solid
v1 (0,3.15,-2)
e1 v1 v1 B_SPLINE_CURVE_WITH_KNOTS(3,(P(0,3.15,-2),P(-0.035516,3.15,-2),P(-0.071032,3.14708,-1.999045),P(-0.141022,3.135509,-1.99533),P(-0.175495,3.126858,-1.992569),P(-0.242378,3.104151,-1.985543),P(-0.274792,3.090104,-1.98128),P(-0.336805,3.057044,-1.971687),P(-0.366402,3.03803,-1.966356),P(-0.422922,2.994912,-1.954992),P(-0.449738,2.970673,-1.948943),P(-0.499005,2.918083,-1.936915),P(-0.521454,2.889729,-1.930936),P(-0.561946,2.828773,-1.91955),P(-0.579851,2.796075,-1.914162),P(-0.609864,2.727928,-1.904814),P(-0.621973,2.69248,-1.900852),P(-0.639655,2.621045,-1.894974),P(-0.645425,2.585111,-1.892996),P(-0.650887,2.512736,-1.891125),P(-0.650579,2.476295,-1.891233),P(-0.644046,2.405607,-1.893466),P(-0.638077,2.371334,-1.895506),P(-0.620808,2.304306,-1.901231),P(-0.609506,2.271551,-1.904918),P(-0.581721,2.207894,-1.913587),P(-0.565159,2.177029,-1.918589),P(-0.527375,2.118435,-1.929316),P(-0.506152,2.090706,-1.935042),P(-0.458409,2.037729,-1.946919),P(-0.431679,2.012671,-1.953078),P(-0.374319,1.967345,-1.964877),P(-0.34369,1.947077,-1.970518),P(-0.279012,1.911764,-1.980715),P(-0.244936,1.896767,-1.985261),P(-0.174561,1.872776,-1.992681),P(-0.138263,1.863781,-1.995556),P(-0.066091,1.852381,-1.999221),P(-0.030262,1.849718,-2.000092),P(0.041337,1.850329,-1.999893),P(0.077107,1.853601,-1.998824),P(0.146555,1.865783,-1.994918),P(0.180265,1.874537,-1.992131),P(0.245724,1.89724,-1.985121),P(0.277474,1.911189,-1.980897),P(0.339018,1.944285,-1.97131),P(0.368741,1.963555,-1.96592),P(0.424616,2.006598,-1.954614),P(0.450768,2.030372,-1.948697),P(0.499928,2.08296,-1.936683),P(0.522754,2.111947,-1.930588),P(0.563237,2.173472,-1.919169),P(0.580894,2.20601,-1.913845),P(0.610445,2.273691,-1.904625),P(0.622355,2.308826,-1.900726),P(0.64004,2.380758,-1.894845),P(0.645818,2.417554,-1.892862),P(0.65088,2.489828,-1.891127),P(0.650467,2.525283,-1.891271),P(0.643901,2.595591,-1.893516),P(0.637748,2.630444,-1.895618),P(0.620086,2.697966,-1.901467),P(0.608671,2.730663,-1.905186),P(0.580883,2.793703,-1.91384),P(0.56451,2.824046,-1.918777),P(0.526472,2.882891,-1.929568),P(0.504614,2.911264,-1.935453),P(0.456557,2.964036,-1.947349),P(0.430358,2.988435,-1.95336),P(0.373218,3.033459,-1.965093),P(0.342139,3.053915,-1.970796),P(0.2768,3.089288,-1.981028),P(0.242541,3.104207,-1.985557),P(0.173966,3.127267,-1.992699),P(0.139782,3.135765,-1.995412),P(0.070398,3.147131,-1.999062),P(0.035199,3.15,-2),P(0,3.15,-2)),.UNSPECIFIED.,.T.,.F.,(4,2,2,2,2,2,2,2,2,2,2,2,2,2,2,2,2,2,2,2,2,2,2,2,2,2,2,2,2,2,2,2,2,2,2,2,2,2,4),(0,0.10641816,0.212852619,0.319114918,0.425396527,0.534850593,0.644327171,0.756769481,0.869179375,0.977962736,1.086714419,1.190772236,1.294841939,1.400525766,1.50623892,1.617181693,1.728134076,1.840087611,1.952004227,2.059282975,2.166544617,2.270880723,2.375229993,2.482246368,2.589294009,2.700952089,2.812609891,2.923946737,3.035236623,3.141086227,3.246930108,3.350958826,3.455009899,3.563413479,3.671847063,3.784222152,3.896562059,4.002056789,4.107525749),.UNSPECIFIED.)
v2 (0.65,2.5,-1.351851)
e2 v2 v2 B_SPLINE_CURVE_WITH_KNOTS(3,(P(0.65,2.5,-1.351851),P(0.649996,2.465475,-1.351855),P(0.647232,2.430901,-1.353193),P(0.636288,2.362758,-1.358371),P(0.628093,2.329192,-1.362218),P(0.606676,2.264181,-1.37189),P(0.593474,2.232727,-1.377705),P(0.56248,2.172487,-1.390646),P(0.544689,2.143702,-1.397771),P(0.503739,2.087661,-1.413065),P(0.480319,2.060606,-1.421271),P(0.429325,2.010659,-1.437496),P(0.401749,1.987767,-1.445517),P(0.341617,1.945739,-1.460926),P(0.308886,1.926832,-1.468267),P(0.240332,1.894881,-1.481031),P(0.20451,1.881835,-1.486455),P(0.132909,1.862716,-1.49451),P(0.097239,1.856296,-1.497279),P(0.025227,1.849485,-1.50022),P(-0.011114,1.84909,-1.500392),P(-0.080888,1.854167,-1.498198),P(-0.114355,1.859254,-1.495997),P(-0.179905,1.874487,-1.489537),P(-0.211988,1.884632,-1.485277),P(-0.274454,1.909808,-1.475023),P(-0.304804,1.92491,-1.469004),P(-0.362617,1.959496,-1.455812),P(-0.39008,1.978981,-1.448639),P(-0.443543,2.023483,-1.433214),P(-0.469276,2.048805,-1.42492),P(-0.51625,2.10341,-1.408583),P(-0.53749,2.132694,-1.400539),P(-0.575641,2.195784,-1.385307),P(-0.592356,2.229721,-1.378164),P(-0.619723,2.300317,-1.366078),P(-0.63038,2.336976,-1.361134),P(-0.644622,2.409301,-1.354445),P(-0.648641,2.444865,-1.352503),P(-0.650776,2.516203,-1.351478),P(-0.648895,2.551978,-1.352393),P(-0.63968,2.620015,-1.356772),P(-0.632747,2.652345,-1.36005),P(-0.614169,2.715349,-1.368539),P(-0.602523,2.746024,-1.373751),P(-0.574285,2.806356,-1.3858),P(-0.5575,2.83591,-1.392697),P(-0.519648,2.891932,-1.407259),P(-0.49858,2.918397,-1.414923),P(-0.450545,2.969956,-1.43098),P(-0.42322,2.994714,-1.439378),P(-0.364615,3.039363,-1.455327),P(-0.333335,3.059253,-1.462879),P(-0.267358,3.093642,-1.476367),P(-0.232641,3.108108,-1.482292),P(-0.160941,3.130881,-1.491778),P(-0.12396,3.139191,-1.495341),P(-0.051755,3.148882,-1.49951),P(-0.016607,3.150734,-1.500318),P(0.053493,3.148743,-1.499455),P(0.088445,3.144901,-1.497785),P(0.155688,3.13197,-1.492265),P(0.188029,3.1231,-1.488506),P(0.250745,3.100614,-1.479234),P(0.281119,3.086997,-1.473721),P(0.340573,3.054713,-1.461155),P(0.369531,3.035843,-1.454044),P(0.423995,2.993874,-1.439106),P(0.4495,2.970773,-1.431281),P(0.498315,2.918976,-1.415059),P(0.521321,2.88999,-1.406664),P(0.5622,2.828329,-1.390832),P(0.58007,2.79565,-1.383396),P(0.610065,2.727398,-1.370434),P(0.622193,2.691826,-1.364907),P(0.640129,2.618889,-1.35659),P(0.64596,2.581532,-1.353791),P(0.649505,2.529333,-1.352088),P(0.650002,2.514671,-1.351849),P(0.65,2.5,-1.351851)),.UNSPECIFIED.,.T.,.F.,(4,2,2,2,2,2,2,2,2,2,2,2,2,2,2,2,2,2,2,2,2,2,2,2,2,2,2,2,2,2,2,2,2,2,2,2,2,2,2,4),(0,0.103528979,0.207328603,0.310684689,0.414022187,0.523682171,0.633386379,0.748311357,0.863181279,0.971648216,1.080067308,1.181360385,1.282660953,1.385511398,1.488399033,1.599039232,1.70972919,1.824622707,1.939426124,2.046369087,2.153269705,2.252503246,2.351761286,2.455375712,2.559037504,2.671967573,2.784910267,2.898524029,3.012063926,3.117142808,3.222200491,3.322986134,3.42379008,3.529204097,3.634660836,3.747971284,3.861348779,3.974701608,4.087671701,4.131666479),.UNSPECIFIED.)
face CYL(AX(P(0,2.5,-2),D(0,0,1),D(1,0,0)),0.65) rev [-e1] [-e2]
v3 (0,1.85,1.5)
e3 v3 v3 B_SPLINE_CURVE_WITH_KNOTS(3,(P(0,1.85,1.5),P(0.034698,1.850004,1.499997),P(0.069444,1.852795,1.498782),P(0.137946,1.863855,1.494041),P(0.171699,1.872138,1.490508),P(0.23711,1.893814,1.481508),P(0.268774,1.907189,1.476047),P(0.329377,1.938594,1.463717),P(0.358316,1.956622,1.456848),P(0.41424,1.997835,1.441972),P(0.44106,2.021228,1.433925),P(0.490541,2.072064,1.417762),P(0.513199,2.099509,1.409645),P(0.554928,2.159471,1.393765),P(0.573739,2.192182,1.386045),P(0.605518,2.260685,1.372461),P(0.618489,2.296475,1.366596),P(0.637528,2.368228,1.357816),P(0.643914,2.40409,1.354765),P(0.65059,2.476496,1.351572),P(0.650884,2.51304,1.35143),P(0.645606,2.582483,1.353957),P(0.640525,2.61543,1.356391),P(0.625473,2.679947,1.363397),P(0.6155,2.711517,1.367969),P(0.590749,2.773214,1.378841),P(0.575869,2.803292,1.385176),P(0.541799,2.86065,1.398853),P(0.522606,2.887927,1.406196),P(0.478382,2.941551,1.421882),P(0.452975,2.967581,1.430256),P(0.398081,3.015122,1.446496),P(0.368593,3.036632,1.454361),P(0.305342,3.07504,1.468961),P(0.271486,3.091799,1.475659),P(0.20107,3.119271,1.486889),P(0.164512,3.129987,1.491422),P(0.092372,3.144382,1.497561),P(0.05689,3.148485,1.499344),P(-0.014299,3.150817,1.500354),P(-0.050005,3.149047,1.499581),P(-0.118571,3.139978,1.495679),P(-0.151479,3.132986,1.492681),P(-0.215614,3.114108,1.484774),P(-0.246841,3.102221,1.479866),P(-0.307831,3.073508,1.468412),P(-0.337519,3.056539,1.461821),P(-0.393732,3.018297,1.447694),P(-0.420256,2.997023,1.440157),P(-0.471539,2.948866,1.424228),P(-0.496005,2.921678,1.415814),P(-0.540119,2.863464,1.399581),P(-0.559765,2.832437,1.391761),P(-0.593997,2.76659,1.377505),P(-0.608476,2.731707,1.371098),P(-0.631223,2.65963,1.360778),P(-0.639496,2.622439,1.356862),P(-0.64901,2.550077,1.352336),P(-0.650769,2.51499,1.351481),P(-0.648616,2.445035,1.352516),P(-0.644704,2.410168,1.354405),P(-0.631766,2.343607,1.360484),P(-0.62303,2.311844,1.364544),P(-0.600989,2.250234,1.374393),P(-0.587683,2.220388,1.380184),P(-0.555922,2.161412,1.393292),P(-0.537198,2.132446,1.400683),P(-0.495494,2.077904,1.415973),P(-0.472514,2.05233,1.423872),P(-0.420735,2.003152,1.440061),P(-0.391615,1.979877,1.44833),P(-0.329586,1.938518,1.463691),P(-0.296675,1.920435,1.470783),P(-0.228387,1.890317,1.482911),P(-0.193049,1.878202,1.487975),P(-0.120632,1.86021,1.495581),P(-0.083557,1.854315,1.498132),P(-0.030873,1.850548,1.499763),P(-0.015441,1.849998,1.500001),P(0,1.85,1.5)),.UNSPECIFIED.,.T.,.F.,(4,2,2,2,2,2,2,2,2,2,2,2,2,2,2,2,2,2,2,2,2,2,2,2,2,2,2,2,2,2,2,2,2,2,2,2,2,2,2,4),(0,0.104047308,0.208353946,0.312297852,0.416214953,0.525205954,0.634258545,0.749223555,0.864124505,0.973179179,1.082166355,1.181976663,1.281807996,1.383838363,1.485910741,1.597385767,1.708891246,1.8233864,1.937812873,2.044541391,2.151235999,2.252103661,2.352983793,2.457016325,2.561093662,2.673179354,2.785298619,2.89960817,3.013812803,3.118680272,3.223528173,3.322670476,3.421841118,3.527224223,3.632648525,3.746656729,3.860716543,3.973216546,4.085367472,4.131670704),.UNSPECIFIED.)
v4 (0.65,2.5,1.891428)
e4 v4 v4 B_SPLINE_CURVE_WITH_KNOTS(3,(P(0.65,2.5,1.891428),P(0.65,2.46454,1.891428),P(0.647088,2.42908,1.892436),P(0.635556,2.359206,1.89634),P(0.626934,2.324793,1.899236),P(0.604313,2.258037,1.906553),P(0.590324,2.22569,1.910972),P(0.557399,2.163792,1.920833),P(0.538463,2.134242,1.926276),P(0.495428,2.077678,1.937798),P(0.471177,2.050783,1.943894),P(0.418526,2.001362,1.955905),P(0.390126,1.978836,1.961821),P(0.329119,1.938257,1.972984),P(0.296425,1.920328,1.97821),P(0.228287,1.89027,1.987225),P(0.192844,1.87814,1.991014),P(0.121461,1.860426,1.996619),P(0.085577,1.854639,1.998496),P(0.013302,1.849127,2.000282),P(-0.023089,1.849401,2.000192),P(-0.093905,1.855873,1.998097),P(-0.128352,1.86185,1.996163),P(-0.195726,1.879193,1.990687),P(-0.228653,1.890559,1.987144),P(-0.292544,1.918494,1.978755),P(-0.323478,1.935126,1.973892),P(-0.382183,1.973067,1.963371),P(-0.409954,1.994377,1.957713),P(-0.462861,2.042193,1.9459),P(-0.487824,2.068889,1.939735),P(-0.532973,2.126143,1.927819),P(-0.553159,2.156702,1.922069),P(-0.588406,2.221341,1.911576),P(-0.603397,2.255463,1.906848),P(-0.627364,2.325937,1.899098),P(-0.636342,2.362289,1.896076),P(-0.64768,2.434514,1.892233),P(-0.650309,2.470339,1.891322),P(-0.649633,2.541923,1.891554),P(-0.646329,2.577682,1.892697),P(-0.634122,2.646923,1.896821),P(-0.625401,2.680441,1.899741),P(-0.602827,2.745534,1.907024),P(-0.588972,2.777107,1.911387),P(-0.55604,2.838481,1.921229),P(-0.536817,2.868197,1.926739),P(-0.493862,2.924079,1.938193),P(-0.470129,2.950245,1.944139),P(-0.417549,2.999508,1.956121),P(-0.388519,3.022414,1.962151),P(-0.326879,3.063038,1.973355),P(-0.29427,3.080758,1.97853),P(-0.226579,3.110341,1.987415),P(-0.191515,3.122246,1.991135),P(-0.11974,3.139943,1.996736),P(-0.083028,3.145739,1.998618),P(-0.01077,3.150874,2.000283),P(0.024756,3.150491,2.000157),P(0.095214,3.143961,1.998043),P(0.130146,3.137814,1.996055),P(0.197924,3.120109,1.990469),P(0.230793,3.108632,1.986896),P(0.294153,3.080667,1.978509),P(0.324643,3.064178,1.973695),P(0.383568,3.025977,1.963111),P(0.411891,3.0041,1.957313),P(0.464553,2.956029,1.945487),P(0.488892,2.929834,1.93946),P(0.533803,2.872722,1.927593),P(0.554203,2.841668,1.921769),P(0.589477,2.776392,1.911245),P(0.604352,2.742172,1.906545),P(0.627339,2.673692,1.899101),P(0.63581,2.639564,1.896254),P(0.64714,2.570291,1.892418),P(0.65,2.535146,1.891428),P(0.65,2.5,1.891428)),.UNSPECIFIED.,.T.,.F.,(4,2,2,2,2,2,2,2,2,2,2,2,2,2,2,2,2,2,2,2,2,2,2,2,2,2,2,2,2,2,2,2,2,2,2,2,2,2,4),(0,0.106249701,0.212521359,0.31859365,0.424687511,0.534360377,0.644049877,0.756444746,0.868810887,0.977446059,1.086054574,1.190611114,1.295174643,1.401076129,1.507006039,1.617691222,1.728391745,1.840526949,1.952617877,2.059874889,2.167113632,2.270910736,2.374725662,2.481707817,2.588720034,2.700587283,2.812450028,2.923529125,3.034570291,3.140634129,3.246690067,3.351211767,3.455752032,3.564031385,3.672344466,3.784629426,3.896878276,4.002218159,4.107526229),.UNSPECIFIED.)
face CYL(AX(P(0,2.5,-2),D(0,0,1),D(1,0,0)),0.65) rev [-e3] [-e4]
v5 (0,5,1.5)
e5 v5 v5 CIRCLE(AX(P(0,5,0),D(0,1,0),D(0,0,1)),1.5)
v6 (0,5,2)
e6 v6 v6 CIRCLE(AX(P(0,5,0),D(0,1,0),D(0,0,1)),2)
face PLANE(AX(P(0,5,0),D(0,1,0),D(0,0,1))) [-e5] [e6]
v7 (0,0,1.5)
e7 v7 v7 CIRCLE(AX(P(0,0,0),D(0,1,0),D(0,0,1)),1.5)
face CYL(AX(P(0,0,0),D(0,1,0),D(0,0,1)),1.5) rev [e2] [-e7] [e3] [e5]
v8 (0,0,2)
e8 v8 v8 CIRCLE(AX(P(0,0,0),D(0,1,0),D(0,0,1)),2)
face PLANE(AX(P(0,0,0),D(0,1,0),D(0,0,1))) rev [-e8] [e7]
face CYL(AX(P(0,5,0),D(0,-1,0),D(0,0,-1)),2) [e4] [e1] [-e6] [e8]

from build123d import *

# Parameters (mm, degrees)
SKETCH1_R               = 2
BOSS_EXTRUDE1_DEPTH     = 5
SKETCH2_R               = 1.5
CUT_EXTRUDE1_DEPTH      = 6.744562647
CUT_EXTRUDE4_DEPTH      = 6.744562647
CUT_EXTRUDE4_DEPTH_BACK = 6.744562647
SKETCH5_R               = 0.65


with BuildPart() as part:
    # Sketch1 → Boss-Extrude1 (new body)
    with BuildSketch(Plane(origin=(0, 0, 0), x_dir=(1, 0, 0), z_dir=(0, 1, 0))):
        with Locations(Location((0, 0, 0), (0, 0, 270))):
            Circle(SKETCH1_R)
    extrude(amount=BOSS_EXTRUDE1_DEPTH)

    # Sketch2 → Cut-Extrude1 (cut, through all)
    with BuildSketch(Plane(origin=(0, 5, 0), x_dir=(1, 0, 0), z_dir=(0, 1, 0))):
        with Locations(Location((0, 0, 0), (0, 0, 270))):
            Circle(SKETCH2_R)
    extrude(amount=-CUT_EXTRUDE1_DEPTH, mode=Mode.SUBTRACT)

    # Sketch5 → Cut-Extrude4 (cut, two sides: drawn at the far end of the back side and taken through both)
    with BuildSketch(Plane.XY.offset(-CUT_EXTRUDE4_DEPTH_BACK)):
        with Locations((0, 2.5)):
            Circle(SKETCH5_R)
    extrude(amount=CUT_EXTRUDE4_DEPTH + CUT_EXTRUDE4_DEPTH_BACK, mode=Mode.SUBTRACT)


solid = part.part
